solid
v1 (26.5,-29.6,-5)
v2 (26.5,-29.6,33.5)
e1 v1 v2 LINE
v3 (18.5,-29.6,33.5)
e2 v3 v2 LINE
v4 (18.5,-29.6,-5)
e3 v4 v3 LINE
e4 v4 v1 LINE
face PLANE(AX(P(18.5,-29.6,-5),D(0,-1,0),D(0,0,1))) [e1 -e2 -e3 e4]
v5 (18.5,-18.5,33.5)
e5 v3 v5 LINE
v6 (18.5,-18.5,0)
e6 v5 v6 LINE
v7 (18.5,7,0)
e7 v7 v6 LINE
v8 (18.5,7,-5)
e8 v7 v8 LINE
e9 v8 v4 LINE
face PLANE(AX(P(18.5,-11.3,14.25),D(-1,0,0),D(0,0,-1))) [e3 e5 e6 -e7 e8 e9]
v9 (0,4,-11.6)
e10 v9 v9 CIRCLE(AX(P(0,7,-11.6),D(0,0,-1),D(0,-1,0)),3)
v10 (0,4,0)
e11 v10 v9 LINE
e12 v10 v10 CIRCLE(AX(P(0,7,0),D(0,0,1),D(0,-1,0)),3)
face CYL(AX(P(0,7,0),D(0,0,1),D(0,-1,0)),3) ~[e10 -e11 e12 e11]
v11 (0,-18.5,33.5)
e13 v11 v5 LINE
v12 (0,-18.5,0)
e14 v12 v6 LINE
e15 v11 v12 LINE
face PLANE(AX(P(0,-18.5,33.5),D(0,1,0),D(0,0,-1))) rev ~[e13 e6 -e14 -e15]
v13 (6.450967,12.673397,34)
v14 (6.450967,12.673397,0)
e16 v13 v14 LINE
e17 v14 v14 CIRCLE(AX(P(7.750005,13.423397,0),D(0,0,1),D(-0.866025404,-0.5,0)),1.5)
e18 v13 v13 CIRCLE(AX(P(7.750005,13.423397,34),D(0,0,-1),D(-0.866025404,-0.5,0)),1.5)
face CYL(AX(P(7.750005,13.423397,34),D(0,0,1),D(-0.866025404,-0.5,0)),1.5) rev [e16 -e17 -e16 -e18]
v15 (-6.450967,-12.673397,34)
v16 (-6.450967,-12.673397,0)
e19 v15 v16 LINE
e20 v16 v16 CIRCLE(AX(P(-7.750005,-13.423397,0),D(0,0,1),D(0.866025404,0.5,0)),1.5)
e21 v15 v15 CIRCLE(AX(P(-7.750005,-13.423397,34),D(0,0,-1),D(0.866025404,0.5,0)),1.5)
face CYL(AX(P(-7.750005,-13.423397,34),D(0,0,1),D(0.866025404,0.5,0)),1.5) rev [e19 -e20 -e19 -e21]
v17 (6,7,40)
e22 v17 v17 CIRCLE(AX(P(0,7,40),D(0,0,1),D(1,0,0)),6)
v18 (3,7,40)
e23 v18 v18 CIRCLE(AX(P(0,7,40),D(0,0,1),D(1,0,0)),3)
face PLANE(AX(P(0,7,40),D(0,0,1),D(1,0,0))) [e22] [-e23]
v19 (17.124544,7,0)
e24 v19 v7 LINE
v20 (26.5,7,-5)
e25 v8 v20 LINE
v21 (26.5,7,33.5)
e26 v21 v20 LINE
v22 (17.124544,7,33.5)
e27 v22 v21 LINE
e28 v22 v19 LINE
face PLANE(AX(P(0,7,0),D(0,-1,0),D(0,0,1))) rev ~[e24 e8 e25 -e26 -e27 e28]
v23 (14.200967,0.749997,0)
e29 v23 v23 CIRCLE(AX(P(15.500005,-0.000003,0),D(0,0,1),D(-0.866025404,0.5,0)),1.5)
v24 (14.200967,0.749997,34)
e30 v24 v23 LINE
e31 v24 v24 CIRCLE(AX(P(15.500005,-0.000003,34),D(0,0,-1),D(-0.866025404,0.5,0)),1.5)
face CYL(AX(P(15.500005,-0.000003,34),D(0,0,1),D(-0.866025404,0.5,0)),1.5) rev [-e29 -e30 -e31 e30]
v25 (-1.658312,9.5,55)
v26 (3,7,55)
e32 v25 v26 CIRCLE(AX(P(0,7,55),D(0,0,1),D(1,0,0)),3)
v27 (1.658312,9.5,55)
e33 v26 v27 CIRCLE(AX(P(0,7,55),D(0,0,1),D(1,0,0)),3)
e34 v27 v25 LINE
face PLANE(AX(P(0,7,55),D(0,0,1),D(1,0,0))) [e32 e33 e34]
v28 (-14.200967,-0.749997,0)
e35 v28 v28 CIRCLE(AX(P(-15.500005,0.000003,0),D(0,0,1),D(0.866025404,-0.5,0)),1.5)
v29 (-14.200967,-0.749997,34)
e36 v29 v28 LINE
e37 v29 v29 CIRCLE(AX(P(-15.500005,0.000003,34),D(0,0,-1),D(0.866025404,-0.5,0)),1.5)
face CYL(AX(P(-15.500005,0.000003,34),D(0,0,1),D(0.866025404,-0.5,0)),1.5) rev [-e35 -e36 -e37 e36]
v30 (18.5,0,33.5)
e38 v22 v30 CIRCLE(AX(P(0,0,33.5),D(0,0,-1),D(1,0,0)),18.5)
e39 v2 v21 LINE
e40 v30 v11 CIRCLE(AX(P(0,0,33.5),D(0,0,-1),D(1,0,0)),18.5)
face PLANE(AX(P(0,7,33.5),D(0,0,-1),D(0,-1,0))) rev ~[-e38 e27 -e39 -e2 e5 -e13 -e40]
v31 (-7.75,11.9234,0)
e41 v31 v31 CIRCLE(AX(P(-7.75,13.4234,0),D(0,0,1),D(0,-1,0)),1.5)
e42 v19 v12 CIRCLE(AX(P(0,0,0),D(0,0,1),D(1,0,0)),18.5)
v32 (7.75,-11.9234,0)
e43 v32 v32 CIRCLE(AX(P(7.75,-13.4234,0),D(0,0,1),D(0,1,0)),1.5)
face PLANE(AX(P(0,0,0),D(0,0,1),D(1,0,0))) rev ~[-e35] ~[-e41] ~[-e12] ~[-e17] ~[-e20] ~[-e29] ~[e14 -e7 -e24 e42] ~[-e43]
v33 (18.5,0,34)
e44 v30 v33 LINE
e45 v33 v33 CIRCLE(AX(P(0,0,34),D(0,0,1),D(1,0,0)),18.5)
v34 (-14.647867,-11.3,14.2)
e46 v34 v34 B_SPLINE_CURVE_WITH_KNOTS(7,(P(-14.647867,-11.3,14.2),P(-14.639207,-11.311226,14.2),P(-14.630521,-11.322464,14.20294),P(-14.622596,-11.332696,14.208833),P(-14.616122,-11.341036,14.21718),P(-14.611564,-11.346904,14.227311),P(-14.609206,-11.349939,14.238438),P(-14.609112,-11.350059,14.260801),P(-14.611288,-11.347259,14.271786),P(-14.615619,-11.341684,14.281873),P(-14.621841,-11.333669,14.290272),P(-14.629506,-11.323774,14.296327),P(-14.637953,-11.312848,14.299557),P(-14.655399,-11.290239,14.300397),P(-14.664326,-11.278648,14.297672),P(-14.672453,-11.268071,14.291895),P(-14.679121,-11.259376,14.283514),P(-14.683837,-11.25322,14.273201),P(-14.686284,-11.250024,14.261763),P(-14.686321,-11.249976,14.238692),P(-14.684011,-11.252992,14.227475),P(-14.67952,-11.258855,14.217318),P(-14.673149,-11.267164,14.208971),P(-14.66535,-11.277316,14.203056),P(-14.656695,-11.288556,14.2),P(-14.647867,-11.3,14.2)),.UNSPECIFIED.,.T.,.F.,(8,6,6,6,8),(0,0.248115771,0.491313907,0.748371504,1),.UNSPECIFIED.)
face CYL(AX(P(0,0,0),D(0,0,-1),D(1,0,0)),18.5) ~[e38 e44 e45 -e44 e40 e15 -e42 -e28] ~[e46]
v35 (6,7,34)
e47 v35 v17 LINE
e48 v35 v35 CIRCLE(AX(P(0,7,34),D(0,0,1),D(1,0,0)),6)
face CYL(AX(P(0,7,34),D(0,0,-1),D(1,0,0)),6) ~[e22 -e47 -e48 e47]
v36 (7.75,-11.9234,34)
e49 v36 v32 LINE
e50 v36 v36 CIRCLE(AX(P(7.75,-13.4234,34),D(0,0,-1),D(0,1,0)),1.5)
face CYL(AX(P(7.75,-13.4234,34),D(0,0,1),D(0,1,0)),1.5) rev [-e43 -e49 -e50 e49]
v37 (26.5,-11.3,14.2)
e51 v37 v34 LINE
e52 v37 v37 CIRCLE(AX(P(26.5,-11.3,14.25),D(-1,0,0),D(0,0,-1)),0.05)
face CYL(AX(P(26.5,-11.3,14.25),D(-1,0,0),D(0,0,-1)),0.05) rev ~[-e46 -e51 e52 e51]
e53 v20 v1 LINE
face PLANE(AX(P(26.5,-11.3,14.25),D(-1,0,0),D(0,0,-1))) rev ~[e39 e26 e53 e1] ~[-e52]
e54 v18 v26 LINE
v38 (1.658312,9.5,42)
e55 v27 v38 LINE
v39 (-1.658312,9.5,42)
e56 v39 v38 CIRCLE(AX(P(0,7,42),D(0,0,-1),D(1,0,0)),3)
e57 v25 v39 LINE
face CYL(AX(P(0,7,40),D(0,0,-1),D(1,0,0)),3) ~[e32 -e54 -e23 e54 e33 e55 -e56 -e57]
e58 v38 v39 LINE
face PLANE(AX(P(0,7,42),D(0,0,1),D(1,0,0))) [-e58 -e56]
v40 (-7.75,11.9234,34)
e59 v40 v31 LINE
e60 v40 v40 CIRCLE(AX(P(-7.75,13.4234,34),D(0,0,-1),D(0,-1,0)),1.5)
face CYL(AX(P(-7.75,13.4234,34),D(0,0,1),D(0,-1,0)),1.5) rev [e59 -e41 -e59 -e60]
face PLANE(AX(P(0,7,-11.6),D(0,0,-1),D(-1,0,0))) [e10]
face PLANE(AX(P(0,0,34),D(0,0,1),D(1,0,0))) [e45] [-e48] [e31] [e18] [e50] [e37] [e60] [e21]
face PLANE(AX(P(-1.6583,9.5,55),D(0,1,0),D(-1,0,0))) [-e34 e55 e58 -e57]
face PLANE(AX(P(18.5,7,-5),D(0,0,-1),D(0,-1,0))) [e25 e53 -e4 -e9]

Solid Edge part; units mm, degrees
sketch "Sketch1" plane through (0, 0, 0) normal (0, 0, 1) x (1, 0, 0)
  circle A0 centre (0, 0) radius 18.5
  dimension "D1" = 37
extrude "Protrusion1" add sketch "Sketch1" along normal blind 34
sketch "Sketch2" plane through (0, 0, 34) normal (0, 0, 1) x (1, 0, 0)
  circle A0 centre (0, 7) radius 6
  dimension "D1" = 7
extrude "ExtrudedProtrusion_2" add sketch "Sketch2" along normal blind 6
sketch "Sketch3" plane through (0, 7, 40) normal (0, 0, 1) x (1, 0, 0)
  circle A0 centre (0, 0) radius 3
extrude "ExtrudedProtrusion_3" add sketch "Sketch3" along normal blind 15
sketch "Sketch4" plane through (0, 7, 55) normal (0, 0, 1) x (1, 0, 0)
  line L0 (-1.6583, 2.5) -> (1.6583, 2.5)
  dimension "D1" = 2.5
extrude "ExtrudedCutout_1" cut sketch "Sketch4" against normal blind 13 material side at (0, 9.55, 55)
sketch "Sketch5" plane through (0, 0, 0) normal (0, 0, -1) x (0, -1, 0)
  circle A0 centre (-7, 0) radius 3
extrude "ExtrudedProtrusion_4" add sketch "Sketch5" along normal blind 11.6
sketch "Sketch6" plane through (0, 0, 0) normal (1, 0, 0) x (0, 1, 0)
  line L0 (-18.5, 0) -> (7, 0)
  line L1 (7, 0) -> (7, 33.5)
  line L2 (7, 33.5) -> (-18.5, 33.5)
  line L3 (-18.5, 33.5) -> (-18.5, 0)
  dimension "D1" = 33.5
  dimension "D2" = 0.5
  dimension "D3" = 7
  dimension "D4" = 18.5
extrude "ExtrudedProtrusion_5" add sketch "Sketch6" along normal blind 18.5
sketch "Sketch7" plane through (18.5, -5.75, 16.75) normal (1, 0, 0) x (0, 0, -1)
  line L0 (-16.75, 12.75) -> (21.75, 12.75)
  line L1 (21.75, 12.75) -> (21.75, -23.85)
  line L2 (21.75, -23.85) -> (-16.75, -23.85)
  line L3 (-16.75, -23.85) -> (-16.75, 12.75)
  dimension "D1" = 29.6
  dimension "D2" = 5
extrude "ExtrudedProtrusion_6" add sketch "Sketch7" along normal blind 8
hole "Hole_1" at (-7.75, 13.4234, 34) direction (0, 0, -1) diameter 3 end through all
pattern_circular "Pattern1" count 6 over 360 about axis through (0, 0, 34) along (0, 0, -1) of "Hole_1"
hole "Hole_7" at (26.5, -11.3, 14.25) direction (-1, 0, 0) diameter 0.1 depth 140
